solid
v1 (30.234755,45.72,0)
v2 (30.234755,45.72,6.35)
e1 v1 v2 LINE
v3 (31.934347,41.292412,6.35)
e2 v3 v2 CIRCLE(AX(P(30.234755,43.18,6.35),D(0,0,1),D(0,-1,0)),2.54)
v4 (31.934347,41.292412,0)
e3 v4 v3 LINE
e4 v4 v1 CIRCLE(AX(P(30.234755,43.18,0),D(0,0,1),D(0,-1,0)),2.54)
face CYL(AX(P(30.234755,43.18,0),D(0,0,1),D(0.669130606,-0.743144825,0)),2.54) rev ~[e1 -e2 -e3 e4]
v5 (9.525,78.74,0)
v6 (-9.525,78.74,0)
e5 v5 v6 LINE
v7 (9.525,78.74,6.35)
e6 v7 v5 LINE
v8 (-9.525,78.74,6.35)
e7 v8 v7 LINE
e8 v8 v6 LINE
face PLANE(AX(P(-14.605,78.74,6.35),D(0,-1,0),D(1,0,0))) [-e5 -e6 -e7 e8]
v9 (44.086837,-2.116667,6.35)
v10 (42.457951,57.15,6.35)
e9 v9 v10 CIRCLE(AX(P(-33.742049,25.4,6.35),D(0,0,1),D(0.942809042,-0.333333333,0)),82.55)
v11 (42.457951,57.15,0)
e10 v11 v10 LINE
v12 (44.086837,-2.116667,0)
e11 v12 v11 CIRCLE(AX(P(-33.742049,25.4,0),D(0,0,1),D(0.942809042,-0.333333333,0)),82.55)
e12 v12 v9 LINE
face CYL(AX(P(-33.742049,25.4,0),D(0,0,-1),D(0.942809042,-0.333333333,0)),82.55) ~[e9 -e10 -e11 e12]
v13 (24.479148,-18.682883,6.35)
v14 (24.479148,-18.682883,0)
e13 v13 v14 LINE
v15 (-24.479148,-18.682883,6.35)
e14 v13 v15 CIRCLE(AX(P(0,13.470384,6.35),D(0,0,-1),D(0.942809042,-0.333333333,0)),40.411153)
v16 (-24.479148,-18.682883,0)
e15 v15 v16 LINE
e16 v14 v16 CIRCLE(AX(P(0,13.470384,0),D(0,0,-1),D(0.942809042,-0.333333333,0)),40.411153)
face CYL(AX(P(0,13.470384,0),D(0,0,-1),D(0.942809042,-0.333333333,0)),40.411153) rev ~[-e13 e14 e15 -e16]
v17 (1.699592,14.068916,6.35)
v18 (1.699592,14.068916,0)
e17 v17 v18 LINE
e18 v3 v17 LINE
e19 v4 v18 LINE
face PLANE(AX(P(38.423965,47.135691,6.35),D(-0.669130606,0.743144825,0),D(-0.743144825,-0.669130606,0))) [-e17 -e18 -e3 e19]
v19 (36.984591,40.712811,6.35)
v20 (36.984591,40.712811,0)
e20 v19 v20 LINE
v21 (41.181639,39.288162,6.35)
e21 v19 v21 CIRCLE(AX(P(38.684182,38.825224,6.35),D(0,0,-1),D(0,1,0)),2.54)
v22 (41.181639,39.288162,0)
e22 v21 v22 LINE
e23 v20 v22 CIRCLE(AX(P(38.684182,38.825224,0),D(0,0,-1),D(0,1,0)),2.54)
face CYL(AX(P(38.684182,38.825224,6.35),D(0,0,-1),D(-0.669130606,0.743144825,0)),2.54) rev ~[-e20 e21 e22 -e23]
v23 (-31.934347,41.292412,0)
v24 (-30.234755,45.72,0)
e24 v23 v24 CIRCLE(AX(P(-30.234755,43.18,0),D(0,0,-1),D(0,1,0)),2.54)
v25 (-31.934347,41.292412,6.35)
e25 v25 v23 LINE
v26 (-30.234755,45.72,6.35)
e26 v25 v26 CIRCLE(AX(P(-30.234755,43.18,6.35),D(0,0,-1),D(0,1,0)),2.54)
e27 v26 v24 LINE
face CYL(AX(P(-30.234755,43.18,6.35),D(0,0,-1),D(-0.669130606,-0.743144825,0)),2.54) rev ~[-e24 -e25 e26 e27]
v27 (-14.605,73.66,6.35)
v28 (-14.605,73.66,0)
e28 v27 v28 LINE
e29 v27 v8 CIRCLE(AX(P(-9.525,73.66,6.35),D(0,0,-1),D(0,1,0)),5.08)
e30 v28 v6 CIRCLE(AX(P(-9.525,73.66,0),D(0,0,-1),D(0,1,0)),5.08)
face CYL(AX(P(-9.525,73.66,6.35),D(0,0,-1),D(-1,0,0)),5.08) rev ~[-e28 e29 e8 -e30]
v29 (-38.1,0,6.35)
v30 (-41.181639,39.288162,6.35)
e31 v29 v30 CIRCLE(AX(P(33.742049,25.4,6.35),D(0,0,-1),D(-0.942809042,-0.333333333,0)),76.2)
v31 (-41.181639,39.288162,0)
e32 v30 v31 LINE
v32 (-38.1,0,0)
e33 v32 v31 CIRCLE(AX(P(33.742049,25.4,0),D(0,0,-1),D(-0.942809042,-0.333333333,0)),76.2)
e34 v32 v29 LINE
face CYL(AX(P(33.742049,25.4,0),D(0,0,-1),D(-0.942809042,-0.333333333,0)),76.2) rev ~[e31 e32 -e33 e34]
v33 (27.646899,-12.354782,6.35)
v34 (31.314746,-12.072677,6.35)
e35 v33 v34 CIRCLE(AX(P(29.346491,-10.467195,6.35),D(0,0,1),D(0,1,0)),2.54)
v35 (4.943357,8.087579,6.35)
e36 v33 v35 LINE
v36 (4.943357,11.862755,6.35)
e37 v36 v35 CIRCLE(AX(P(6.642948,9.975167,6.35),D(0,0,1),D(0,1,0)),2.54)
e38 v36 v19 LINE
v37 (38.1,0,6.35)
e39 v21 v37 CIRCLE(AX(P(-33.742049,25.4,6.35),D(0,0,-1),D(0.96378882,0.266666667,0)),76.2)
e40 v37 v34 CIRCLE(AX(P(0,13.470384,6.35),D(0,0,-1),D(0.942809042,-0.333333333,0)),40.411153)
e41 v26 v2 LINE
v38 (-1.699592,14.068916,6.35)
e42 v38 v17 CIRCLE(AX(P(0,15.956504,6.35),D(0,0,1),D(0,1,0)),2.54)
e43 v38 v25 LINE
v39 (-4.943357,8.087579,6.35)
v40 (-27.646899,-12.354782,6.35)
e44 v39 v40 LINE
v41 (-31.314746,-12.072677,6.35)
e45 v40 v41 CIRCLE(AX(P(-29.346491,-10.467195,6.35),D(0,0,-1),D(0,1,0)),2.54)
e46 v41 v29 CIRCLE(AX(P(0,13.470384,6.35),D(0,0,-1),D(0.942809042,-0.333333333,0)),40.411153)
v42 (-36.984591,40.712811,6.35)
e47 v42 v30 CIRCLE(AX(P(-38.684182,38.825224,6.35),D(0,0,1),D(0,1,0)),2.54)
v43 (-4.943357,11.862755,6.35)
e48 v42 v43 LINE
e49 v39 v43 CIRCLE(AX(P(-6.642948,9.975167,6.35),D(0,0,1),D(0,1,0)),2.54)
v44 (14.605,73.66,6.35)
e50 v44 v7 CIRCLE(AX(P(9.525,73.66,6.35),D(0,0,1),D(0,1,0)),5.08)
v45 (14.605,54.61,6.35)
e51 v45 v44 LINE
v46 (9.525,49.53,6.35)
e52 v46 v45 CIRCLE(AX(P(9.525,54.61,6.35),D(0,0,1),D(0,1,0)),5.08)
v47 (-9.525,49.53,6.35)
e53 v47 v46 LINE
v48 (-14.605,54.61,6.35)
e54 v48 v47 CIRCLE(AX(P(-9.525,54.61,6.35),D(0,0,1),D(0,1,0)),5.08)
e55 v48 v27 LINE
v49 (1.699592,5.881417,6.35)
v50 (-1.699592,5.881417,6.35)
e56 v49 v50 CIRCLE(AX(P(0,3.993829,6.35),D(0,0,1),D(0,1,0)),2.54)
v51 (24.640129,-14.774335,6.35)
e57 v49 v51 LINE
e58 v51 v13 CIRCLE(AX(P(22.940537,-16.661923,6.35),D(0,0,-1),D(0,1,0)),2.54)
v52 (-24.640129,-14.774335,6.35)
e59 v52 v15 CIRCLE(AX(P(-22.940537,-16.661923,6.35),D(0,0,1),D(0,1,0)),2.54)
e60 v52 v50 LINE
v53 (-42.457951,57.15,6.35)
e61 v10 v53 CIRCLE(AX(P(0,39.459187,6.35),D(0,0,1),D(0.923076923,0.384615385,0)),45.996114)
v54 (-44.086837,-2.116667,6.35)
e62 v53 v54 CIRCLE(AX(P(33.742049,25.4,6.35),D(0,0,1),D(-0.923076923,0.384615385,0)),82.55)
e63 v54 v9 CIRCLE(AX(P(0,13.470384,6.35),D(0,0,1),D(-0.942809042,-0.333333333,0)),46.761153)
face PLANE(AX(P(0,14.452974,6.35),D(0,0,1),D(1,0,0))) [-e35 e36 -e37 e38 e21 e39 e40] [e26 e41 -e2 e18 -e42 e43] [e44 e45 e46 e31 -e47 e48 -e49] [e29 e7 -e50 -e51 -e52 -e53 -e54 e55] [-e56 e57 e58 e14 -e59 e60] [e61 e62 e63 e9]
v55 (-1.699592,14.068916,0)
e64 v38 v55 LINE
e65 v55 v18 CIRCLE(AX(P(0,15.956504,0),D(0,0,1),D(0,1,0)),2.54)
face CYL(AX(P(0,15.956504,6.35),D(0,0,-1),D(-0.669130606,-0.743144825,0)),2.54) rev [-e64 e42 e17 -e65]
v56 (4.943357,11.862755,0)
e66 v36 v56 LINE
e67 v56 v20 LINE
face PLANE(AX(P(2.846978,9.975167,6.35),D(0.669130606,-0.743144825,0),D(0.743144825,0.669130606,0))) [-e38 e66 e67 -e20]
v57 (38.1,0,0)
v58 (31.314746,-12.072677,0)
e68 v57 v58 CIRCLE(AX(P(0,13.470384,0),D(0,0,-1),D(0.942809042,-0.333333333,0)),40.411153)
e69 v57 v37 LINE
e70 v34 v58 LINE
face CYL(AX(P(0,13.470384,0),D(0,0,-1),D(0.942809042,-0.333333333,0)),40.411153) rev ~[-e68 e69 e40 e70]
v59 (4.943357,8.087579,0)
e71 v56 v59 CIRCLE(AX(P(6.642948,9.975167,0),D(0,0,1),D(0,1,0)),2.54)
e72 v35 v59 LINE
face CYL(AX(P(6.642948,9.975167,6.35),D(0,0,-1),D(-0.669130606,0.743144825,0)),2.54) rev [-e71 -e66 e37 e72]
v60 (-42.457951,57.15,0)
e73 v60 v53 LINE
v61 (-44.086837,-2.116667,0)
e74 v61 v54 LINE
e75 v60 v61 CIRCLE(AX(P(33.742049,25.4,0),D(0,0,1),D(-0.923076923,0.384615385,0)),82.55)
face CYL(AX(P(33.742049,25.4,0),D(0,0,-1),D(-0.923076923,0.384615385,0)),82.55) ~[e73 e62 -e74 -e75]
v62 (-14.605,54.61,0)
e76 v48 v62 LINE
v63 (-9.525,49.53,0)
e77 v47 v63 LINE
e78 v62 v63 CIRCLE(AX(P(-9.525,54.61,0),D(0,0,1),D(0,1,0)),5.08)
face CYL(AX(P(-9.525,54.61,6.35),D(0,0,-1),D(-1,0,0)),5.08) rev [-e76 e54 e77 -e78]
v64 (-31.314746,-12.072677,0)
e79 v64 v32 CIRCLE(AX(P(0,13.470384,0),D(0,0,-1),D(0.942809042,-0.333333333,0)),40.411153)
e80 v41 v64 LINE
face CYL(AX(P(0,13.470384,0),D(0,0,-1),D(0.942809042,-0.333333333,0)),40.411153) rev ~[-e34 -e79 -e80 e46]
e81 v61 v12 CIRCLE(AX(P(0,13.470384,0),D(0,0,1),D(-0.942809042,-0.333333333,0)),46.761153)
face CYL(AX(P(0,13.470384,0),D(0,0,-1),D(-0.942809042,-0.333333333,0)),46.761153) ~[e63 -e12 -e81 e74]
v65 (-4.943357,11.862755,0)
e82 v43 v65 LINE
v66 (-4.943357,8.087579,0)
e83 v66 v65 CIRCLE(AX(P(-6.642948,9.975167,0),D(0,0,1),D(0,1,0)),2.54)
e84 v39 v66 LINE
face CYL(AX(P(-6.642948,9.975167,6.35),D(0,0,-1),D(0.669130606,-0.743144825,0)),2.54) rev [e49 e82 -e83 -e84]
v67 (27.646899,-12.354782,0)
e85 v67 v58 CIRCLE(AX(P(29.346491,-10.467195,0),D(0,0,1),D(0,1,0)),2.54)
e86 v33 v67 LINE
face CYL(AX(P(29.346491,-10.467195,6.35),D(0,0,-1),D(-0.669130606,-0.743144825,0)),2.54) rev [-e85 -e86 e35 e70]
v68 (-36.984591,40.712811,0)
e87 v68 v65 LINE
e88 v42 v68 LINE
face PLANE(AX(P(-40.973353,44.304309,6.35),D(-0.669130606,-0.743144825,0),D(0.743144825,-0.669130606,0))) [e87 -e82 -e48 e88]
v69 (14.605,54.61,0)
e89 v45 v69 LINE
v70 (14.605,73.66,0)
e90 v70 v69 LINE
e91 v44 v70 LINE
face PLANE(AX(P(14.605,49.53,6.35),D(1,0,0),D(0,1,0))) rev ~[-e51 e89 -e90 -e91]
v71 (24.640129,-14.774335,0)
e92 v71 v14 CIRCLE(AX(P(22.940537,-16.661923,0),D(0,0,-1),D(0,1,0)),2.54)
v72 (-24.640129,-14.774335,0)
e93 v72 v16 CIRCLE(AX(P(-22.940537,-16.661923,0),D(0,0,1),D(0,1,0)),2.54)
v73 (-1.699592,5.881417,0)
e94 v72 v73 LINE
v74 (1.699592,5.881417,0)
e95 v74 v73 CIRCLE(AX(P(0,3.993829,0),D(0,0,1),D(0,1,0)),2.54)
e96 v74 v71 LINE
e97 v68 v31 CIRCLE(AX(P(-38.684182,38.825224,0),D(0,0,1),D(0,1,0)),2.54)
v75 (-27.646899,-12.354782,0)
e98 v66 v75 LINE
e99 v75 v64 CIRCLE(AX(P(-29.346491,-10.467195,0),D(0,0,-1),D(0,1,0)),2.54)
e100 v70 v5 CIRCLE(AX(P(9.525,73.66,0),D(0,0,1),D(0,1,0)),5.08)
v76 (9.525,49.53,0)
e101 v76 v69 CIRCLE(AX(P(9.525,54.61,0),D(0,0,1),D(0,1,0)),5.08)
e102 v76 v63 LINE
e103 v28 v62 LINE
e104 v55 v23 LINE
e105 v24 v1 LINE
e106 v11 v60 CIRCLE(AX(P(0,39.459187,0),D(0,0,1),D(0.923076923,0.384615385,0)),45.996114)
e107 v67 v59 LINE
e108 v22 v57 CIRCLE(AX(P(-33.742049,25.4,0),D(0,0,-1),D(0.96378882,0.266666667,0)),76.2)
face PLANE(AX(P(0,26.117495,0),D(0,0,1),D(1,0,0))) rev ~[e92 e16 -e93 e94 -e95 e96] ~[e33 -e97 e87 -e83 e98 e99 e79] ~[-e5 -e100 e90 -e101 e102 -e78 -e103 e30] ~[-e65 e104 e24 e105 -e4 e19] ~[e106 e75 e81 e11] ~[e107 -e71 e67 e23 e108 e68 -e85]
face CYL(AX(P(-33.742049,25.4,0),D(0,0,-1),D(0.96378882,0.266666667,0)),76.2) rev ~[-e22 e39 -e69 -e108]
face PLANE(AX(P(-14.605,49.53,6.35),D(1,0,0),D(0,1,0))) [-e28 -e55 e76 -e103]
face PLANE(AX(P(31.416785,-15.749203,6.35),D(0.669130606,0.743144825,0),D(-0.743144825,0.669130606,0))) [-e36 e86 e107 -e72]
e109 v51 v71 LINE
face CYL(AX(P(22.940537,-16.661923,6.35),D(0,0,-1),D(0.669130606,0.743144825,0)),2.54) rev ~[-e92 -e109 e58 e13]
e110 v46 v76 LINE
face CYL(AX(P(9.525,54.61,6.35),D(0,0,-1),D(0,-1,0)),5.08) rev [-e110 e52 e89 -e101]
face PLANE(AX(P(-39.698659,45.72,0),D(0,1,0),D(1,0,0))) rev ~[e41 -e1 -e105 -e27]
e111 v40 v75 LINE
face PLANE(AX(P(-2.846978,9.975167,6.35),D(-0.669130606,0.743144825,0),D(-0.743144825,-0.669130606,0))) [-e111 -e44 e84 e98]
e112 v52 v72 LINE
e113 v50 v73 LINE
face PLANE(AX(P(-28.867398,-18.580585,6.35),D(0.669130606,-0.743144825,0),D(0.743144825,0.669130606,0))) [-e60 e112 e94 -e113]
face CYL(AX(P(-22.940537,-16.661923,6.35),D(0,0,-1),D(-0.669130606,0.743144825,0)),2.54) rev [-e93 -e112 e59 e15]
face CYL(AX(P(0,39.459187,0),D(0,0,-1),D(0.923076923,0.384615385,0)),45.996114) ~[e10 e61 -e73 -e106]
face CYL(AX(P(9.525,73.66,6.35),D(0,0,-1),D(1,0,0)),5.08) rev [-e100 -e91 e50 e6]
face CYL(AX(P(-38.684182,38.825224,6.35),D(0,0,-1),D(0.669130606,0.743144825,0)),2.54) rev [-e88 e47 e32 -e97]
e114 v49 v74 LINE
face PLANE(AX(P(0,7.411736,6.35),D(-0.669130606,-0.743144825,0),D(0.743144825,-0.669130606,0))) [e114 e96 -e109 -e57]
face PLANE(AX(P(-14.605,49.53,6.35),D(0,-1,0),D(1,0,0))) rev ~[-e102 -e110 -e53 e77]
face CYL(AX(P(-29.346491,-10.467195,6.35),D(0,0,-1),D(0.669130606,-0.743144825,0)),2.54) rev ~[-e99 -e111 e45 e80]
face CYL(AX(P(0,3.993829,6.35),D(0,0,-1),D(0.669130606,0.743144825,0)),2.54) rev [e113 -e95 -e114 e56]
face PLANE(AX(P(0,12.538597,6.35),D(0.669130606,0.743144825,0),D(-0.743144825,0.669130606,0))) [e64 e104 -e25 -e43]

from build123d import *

# Parameters (mm, degrees)
BOSS_EXTRUDE1_DEPTH = 6.35
CUT_EXTRUDE1_REACH  = 8.35
SKETCH2_W           = 29.21
SKETCH2_H           = 29.21
FILLET1_R           = 5.08
BOSS_EXTRUDE2_DEPTH = 6.35
FILLET2_R           = 2.54


with BuildPart() as part:
    # Sketch1 → Boss-Extrude1 (new body)
    with BuildSketch(Plane.XY):
        with BuildLine():
            ThreePointArc((42.457951031, 57.15), (0, 85.455300688), (-42.457951031, 57.15))
            ThreePointArc((-42.457951031, 57.15), (-48.776790726, 27.667949622), (-44.086837414, -2.116666667))
            ThreePointArc((-44.086837414, -2.116666667), (0, -33.290768363), (44.086837414, -2.116666667))
            ThreePointArc((44.086837414, -2.116666667), (48.776790726, 27.667949622), (42.457951031, 57.15))
        make_face()
        with BuildLine():
            ThreePointArc((-38.1, 0), (-42.411411047, 22.737195516), (-39.698659089, 45.72))
            Line((-39.698659089, 45.72), (39.698659089, 45.72))
            ThreePointArc((39.698659089, 45.72), (42.411411047, 22.737195516), (38.1, 0))
            ThreePointArc((38.1, 0), (0, -26.940768363), (-38.1, 0))
        make_face(mode=Mode.SUBTRACT)
    extrude(amount=BOSS_EXTRUDE1_DEPTH)

    # Sketch2 → Cut-Extrude1 (cut, up to next)
    with BuildSketch(Plane.XY.offset(6.35), mode=Mode.PRIVATE) as cut_extrude1_sk1:
        with Locations((0, 64.135)):
            Rectangle(SKETCH2_W, SKETCH2_H)
    cut_extrude1_tool1 = extrude(cut_extrude1_sk1.sketch, amount=-CUT_EXTRUDE1_REACH, mode=Mode.PRIVATE) & part.part
    add(cut_extrude1_tool1.solids().sort_by_distance((0, 64.135, 6.35))[0], mode=Mode.SUBTRACT)

    # Fillet1
    fillet1_edges = [part.edges().sort_by_distance(p)[0] for p in [
        (14.605, 78.74, 3.175),
        (14.605, 49.53, 3.175),
        (-14.605, 49.53, 3.175),
        (-14.605, 78.74, 3.175),
    ]]
    fillet(fillet1_edges, radius=FILLET1_R)

    # Sketch3 → Boss-Extrude2 (add)
    with BuildSketch(Plane.XY.offset(6.35)):
        Polygon((-38.423965284, 47.135690893), (-40.973352894, 44.304309107), (-2.846977827, 9.975166803), (-31.416785414, -15.749203493), (-28.867397804, -18.580585278), (0, 7.411736453), (28.867397804, -18.580585278), (31.416785414, -15.749203493), (2.846977827, 9.975166803), (40.973352894, 44.304309107), (38.423965284, 47.135690893), (0, 12.538597153), align=None)
    extrude(amount=-BOSS_EXTRUDE2_DEPTH)

    # Fillet2
    fillet2_edges = [part.edges().sort_by_distance(p)[0] for p in [
        (-2.846977827, 9.975166803, 3.175),
        (2.846977827, 9.975166803, 3.175),
        (-40.241399563, 43.645255368, 3.175),
        (29.56358846, -14.08057746, 3.175),
        (26.831630213, -16.747571906, 3.175),
        (-36.851681262, 45.72, 3.175),
        (40.241399563, 43.645255368, 3.175),
        (36.851681262, 45.72, 3.175),
        (0, 12.538597153, 3.175),
        (-29.56358846, -14.08057746, 3.175),
        (-26.831630213, -16.747571906, 3.175),
        (0, 7.411736453, 3.175),
    ]]
    fillet(fillet2_edges, radius=FILLET2_R)


solid = part.part
